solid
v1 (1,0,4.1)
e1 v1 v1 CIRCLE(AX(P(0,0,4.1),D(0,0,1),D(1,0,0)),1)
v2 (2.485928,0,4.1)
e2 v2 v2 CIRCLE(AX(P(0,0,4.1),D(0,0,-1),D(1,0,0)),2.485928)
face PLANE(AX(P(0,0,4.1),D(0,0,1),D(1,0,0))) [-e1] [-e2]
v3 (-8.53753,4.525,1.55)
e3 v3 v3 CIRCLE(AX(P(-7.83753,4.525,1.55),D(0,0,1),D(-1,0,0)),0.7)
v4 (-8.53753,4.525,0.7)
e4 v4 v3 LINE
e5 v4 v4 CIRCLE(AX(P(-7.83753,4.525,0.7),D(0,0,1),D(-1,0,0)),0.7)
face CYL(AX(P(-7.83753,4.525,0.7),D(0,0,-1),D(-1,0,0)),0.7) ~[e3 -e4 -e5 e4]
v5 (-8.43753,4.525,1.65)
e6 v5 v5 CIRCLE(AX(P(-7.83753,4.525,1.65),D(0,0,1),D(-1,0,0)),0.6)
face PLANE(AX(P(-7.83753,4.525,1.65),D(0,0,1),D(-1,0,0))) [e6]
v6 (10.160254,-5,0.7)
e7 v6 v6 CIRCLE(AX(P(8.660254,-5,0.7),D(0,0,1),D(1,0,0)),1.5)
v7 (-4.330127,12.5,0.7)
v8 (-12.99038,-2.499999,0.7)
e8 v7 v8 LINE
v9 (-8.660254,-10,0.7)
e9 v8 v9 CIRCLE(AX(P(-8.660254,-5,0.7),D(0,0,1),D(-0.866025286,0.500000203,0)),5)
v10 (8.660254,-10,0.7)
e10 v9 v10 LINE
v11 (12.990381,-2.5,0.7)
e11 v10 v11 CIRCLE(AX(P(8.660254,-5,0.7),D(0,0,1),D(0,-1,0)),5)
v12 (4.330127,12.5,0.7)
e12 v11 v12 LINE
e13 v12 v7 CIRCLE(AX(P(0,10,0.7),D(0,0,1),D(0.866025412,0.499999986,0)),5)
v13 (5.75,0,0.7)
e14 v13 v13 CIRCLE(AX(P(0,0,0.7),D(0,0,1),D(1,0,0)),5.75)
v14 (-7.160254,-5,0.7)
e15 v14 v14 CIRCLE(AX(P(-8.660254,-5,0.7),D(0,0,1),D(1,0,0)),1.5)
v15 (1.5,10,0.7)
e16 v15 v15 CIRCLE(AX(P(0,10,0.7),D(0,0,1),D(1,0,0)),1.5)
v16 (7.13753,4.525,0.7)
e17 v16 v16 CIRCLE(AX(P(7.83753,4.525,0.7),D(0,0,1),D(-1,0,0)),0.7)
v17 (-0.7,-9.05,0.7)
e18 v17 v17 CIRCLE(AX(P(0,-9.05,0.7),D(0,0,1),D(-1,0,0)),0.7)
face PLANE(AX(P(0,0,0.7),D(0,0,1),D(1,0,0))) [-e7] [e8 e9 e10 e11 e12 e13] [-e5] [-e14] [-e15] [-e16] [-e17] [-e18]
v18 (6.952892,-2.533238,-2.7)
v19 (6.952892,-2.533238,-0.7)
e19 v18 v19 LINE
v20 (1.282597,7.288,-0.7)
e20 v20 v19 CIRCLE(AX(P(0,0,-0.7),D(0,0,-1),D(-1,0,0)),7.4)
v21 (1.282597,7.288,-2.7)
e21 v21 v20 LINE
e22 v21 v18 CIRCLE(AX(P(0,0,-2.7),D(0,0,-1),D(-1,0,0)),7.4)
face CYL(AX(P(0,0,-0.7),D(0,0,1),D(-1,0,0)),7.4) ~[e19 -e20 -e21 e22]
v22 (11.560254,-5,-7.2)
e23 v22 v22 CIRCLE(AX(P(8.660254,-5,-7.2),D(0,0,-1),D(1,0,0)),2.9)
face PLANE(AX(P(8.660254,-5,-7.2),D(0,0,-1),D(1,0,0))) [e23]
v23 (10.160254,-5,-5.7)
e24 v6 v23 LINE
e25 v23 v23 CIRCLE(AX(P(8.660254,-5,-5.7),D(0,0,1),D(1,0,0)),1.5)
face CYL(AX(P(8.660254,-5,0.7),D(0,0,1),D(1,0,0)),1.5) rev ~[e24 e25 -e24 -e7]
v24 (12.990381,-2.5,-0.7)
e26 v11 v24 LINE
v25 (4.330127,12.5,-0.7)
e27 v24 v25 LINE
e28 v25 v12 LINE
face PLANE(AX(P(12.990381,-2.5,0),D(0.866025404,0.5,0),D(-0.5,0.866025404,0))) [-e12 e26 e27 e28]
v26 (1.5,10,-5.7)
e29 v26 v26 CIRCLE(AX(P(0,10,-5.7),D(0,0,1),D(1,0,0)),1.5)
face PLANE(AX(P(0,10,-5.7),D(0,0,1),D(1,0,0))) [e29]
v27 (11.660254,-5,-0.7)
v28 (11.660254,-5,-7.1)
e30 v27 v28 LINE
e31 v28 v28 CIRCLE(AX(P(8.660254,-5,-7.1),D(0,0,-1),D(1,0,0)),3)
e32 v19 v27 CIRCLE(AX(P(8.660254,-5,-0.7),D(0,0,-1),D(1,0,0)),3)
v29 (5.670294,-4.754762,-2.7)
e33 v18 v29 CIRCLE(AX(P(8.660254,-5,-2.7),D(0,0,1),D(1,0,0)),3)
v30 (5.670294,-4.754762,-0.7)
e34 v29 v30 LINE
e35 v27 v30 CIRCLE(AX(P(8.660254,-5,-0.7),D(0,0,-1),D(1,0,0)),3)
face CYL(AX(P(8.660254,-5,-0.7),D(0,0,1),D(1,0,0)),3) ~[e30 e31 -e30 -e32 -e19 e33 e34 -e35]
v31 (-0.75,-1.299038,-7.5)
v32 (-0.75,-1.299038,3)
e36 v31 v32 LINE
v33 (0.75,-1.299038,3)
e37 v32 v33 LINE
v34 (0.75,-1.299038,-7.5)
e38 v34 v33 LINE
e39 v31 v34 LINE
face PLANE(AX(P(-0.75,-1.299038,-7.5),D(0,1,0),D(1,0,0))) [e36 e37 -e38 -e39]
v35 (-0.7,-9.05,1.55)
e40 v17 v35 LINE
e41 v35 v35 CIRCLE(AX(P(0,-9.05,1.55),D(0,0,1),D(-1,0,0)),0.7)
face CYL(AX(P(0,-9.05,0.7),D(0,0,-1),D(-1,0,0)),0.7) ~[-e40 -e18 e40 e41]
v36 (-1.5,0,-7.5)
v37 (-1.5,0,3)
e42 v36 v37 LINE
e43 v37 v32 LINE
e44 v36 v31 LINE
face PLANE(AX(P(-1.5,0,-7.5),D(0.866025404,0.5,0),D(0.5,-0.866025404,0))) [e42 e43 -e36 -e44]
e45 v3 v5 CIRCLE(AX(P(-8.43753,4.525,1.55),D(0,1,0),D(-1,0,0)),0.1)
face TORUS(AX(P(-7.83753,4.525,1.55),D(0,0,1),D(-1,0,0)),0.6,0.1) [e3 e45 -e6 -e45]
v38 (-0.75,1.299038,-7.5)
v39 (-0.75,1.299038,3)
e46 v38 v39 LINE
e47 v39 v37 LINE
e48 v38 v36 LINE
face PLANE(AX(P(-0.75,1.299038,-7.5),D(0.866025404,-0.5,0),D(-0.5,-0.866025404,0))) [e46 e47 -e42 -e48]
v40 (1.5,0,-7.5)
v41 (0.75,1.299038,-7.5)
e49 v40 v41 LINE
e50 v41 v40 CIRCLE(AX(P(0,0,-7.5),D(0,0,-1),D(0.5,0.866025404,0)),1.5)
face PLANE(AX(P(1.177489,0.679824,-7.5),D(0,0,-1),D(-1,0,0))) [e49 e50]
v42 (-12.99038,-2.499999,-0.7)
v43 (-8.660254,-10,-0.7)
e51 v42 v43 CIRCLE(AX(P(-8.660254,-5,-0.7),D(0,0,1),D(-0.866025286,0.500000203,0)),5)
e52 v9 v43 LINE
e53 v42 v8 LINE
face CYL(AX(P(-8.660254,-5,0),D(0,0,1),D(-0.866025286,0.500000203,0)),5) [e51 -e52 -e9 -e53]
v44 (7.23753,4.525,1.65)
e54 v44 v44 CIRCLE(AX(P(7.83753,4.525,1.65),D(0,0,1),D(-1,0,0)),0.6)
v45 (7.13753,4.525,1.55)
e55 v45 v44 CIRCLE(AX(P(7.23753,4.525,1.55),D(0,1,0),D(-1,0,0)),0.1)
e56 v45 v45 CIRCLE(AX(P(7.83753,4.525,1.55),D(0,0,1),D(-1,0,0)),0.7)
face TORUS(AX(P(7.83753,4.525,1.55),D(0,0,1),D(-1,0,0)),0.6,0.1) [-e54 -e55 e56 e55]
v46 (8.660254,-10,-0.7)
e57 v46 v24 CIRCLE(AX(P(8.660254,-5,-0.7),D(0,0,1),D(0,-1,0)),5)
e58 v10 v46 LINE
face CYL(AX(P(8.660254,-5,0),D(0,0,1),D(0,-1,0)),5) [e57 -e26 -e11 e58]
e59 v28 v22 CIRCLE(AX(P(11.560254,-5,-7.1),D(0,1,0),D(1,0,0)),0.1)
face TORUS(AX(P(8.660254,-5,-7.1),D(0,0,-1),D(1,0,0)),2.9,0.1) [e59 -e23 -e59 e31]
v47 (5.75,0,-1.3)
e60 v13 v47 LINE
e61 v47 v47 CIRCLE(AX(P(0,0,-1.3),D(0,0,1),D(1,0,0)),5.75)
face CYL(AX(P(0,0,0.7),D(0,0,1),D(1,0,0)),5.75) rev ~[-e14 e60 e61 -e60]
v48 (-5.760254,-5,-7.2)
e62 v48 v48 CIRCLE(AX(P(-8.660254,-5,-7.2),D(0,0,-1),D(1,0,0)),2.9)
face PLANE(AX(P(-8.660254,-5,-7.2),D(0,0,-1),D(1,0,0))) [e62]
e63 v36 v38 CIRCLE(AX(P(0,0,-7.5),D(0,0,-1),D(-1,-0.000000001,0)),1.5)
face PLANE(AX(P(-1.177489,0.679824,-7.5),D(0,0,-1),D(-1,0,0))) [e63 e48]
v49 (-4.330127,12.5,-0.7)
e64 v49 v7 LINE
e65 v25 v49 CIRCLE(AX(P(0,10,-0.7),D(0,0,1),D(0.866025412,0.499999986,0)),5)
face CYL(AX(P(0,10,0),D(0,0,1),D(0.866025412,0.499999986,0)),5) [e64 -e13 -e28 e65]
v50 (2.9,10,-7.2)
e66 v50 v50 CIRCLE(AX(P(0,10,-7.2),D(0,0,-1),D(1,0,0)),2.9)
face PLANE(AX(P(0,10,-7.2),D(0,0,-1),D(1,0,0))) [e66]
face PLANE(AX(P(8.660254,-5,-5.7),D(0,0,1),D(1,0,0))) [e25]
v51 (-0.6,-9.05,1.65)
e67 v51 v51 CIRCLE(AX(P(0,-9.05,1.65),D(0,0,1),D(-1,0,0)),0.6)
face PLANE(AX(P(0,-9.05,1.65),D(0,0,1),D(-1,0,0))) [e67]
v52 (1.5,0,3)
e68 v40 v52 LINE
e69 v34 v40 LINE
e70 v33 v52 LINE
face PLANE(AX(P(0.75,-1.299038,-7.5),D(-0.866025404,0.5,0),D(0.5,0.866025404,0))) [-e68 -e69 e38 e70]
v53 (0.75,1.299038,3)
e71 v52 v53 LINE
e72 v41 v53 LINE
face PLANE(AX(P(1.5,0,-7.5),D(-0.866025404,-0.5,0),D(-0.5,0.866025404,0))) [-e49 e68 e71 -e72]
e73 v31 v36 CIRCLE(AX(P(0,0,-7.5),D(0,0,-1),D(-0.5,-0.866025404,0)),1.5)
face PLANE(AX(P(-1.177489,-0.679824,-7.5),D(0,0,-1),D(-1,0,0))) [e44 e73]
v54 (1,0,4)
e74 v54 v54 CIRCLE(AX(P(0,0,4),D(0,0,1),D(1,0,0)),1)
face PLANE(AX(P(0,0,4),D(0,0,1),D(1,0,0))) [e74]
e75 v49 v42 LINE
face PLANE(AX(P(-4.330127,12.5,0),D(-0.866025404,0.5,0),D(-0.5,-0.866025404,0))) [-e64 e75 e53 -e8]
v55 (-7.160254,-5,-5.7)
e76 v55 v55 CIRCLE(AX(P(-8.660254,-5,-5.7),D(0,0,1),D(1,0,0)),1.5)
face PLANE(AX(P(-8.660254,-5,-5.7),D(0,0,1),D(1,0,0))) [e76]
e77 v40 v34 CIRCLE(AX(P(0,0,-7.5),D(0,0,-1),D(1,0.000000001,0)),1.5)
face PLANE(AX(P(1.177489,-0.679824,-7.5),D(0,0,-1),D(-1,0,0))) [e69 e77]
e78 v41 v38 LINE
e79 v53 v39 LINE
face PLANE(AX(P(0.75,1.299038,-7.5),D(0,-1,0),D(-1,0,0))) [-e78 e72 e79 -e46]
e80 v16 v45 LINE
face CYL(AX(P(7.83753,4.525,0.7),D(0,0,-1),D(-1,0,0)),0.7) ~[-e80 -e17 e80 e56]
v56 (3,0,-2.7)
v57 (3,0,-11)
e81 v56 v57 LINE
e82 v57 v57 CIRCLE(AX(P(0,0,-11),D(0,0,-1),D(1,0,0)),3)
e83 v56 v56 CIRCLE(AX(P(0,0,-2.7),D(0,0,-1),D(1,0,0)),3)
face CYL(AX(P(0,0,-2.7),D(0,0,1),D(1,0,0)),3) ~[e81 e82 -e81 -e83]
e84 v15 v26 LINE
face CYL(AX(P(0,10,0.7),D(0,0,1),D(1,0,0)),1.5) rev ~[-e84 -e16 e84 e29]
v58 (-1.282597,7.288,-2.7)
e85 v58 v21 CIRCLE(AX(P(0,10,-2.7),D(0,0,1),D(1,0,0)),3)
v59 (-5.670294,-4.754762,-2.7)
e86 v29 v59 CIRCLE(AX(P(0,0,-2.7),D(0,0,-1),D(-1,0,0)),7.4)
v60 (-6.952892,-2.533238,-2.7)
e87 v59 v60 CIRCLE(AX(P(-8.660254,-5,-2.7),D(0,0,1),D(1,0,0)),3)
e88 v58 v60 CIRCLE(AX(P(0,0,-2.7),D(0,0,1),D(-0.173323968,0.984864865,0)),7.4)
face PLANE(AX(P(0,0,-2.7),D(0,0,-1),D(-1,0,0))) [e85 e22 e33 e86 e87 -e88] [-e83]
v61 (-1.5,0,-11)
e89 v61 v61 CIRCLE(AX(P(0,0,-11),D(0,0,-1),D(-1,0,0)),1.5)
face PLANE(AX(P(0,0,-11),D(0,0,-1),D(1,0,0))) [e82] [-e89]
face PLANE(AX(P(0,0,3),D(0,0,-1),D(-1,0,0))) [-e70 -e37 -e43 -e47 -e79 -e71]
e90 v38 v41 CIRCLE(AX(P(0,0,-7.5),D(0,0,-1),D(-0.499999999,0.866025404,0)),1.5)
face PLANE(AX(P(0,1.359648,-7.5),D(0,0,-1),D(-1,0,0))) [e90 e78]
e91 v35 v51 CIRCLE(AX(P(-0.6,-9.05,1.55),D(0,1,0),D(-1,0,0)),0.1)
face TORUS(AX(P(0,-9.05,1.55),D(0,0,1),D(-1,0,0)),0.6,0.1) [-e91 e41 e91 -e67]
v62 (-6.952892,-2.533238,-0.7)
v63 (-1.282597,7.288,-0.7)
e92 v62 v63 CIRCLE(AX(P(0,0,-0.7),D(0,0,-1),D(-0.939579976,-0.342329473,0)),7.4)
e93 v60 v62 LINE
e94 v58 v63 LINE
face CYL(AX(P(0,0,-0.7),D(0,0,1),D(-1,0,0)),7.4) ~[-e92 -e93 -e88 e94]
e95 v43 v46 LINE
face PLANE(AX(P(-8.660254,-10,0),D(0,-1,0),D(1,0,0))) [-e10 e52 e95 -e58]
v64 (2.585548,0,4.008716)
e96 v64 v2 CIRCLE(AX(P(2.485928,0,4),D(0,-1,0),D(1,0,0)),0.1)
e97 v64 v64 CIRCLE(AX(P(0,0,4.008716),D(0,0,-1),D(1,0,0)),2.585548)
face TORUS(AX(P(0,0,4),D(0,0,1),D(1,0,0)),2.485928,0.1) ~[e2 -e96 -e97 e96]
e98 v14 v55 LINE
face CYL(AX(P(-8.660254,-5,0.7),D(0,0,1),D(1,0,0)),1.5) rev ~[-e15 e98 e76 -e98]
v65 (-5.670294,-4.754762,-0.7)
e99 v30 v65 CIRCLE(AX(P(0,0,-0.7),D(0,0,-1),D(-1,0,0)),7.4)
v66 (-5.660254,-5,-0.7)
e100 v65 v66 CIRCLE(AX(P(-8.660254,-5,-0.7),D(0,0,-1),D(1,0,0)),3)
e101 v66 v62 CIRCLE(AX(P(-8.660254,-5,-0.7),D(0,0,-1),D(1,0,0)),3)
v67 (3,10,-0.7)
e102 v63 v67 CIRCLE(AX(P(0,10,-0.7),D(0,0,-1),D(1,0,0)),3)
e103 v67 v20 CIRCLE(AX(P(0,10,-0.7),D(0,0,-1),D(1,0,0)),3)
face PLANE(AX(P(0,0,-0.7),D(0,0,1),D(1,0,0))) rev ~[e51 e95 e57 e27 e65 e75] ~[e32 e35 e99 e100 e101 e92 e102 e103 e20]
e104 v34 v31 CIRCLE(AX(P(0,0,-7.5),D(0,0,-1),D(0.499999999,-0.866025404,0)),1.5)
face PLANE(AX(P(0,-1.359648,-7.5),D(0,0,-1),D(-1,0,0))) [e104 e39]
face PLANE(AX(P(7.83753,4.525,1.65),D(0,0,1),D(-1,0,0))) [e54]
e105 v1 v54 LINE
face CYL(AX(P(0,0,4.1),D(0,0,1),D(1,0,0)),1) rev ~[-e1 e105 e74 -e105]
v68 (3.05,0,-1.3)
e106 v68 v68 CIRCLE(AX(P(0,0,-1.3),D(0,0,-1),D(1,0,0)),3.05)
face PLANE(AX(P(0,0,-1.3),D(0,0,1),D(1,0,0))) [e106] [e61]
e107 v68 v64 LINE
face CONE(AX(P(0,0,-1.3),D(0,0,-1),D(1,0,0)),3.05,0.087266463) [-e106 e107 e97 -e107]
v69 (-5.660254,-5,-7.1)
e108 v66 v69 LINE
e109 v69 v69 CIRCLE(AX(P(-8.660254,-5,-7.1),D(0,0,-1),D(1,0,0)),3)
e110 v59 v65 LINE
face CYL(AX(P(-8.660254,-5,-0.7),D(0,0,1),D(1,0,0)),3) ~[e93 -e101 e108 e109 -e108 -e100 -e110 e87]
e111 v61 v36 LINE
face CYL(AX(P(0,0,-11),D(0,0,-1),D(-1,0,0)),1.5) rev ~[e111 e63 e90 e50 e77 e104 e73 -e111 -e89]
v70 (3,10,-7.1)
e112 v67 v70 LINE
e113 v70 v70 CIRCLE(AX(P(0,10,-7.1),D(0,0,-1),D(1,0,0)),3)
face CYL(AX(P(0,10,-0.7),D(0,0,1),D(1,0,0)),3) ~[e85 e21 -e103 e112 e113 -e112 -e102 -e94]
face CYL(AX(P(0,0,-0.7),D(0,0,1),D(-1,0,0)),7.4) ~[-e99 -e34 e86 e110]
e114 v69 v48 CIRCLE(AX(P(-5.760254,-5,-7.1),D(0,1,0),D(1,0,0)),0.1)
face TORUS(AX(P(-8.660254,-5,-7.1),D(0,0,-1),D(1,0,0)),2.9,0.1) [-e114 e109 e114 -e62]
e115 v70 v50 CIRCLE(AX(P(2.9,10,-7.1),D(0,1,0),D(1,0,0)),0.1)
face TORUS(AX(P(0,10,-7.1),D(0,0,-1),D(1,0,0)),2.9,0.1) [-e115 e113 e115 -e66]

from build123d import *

# Parameters (mm, degrees)
BOSS_EXTRUDE1_DEPTH = 0.7
SKETCH2_R           = 3
BOSS_EXTRUDE2_DEPTH = 6.5
SKETCH3_R           = 7.4
BOSS_EXTRUDE3_DEPTH = 2
SKETCH4_R           = 3
BOSS_EXTRUDE4_DEPTH = 8.3
SKETCH6_R           = 1.5
CUT_EXTRUDE2_DEPTH  = 6.4
SKETCH8_R           = 0.7
BOSS_EXTRUDE5_DEPTH = 0.95
SKETCH9_R           = 5.75
CUT_EXTRUDE3_DEPTH  = 2
SKETCH10_R          = 3.05
BOSS_EXTRUDE6_DEPTH = 5.4
BOSS_EXTRUDE6_TAPER = 5
SKETCH11_R          = 1
CUT_EXTRUDE4_DEPTH  = 0.1
SKETCH5_R           = 1.5
CUT_EXTRUDE1_DEPTH  = 14
FILLET1_R           = 0.1
BOSS_EXTRUDE7_START = -3.5
BOSS_EXTRUDE7_DEPTH = 10.5


with BuildPart() as part:
    # Sketch1 → Boss-Extrude1 (new, symmetric)
    with BuildSketch(Plane.XY):
        with BuildLine():
            Line((12.990381036, -2.499999965), (4.330127061, 12.499999928))
            ThreePointArc((4.330127061, 12.499999928), (-1.88e-07, 15), (-4.330127248, 12.499999603))
            Line((-4.330127248, 12.499999603), (-12.99038047, -2.499998983))
            ThreePointArc((-12.99038047, -2.499998983), (-12.99038135, -7.499999492), (-8.660254038, -10))
            Line((-8.660254038, -10), (8.660254038, -10))
            ThreePointArc((8.660254038, -10), (12.990381067, -7.499999982), (12.990381036, -2.499999965))
        make_face()
    extrude(amount=BOSS_EXTRUDE1_DEPTH, both=True)

    # Sketch2 → Boss-Extrude2 (add)
    with BuildSketch(Plane(origin=(0, 0, -0.7), x_dir=(-1, 0, 0), z_dir=(0, 0, -1))):
        with Locations(Location((0, 10, 0), (0, 0, 180))):
            Circle(SKETCH2_R)
        with Locations(Location((8.660254038, -5, 0), (0, 0, 180))):
            Circle(SKETCH2_R)
        with Locations(Location((-8.660254038, -5, 0), (0, 0, 180))):
            Circle(SKETCH2_R)
    extrude(amount=BOSS_EXTRUDE2_DEPTH)

    # Sketch3 → Boss-Extrude3 (add)
    with BuildSketch(Plane(origin=(0, 0, -0.7), x_dir=(-1, 0, 0), z_dir=(0, 0, -1))):
        Circle(SKETCH3_R)
    extrude(amount=BOSS_EXTRUDE3_DEPTH)

    # Sketch4 → Boss-Extrude4 (add)
    with BuildSketch(Plane(origin=(0, 0, -2.7), x_dir=(-1, 0, 0), z_dir=(0, 0, -1))):
        with Locations(Location((0, 0, 0), (0, 0, 180))):
            Circle(SKETCH4_R)
    extrude(amount=BOSS_EXTRUDE4_DEPTH)

    # Sketch6 → Cut-Extrude2 (cut)
    with BuildSketch(Plane.XY.offset(0.7)):
        with Locations((8.660254038, -5)):
            Circle(SKETCH6_R)
        with Locations((-8.660254038, -5)):
            Circle(SKETCH6_R)
        with Locations((0, 10)):
            Circle(SKETCH6_R)
    extrude(amount=-CUT_EXTRUDE2_DEPTH, mode=Mode.SUBTRACT)

    # Sketch8 → Boss-Extrude5 (add)
    with BuildSketch(Plane.XY.offset(0.7)):
        with Locations(Location((0, -9.05, 0), (0, 0, 180))):
            Circle(SKETCH8_R)
        with Locations(Location((7.837529904, 4.525, 0), (0, 0, 180))):
            Circle(SKETCH8_R)
        with Locations(Location((-7.837529904, 4.525, 0), (0, 0, 180))):
            Circle(SKETCH8_R)
    extrude(amount=BOSS_EXTRUDE5_DEPTH)

    # Sketch9 → Cut-Extrude3 (cut)
    with BuildSketch(Plane.XY.offset(0.7)):
        Circle(SKETCH9_R)
    extrude(amount=-CUT_EXTRUDE3_DEPTH, mode=Mode.SUBTRACT)

    # Sketch10 → Boss-Extrude6 (add)
    with BuildSketch(Plane.XY.offset(-1.3)):
        Circle(SKETCH10_R)
    extrude(amount=BOSS_EXTRUDE6_DEPTH, taper=BOSS_EXTRUDE6_TAPER)

    # Sketch11 → Cut-Extrude4 (cut)
    with BuildSketch(Plane.XY.offset(4.1)):
        Circle(SKETCH11_R)
    extrude(amount=-CUT_EXTRUDE4_DEPTH, mode=Mode.SUBTRACT)

    # Sketch5 → Cut-Extrude1 (cut)
    with BuildSketch(Plane(origin=(0, 0, -11), x_dir=(-1, 0, 0), z_dir=(0, 0, -1))):
        Circle(SKETCH5_R)
    extrude(amount=-CUT_EXTRUDE1_DEPTH, mode=Mode.SUBTRACT)

    # Fillet1
    fillet1_edges = [part.edges().sort_by_distance(p)[0] for p in [
        (-3, 10, -7.2),
        (-11.660254038, -5, -7.2),
        (5.660254038, -5, -7.2),
        (0.7, -9.05, 1.65),
        (8.537529904, 4.525, 1.65),
        (-7.137529904, 4.525, 1.65),
        (-2.577561217, 0, 4.1),
    ]]
    fillet(fillet1_edges, radius=FILLET1_R)

    # Sketch13 → Boss-Extrude7 (add)
    with BuildSketch(Plane(origin=(0, 0, -11), x_dir=(-1, 0, 0), z_dir=(0, 0, -1)).offset(BOSS_EXTRUDE7_START)):
        with BuildLine():
            Line((-0.75, -1.299038106), (-1.5, 0))
            ThreePointArc((-1.5, 0), (-1.299038106, -0.75), (-0.75, -1.299038106))
        make_face()
        with BuildLine():
            Line((0.75, -1.299038106), (-0.75, -1.299038106))
            ThreePointArc((-0.75, -1.299038106), (0, -1.5), (0.75, -1.299038106))
        make_face()
        with BuildLine():
            ThreePointArc((0.75, -1.299038106), (1.299038106, -0.75), (1.5, 0))
            Line((1.5, 0), (0.75, -1.299038106))
        make_face()
        with BuildLine():
            ThreePointArc((1.5, 0), (1.299038106, 0.75), (0.75, 1.299038106))
            Line((0.75, 1.299038106), (1.5, 0))
        make_face()
        with BuildLine():
            ThreePointArc((0.75, 1.299038106), (0, 1.5), (-0.75, 1.299038106))
            Line((-0.75, 1.299038106), (0.75, 1.299038106))
        make_face()
        with BuildLine():
            Line((-1.5, 0), (-0.75, 1.299038106))
            ThreePointArc((-0.75, 1.299038106), (-1.299038106, 0.75), (-1.5, 0))
        make_face()
    extrude(amount=-BOSS_EXTRUDE7_DEPTH)


solid = part.part
